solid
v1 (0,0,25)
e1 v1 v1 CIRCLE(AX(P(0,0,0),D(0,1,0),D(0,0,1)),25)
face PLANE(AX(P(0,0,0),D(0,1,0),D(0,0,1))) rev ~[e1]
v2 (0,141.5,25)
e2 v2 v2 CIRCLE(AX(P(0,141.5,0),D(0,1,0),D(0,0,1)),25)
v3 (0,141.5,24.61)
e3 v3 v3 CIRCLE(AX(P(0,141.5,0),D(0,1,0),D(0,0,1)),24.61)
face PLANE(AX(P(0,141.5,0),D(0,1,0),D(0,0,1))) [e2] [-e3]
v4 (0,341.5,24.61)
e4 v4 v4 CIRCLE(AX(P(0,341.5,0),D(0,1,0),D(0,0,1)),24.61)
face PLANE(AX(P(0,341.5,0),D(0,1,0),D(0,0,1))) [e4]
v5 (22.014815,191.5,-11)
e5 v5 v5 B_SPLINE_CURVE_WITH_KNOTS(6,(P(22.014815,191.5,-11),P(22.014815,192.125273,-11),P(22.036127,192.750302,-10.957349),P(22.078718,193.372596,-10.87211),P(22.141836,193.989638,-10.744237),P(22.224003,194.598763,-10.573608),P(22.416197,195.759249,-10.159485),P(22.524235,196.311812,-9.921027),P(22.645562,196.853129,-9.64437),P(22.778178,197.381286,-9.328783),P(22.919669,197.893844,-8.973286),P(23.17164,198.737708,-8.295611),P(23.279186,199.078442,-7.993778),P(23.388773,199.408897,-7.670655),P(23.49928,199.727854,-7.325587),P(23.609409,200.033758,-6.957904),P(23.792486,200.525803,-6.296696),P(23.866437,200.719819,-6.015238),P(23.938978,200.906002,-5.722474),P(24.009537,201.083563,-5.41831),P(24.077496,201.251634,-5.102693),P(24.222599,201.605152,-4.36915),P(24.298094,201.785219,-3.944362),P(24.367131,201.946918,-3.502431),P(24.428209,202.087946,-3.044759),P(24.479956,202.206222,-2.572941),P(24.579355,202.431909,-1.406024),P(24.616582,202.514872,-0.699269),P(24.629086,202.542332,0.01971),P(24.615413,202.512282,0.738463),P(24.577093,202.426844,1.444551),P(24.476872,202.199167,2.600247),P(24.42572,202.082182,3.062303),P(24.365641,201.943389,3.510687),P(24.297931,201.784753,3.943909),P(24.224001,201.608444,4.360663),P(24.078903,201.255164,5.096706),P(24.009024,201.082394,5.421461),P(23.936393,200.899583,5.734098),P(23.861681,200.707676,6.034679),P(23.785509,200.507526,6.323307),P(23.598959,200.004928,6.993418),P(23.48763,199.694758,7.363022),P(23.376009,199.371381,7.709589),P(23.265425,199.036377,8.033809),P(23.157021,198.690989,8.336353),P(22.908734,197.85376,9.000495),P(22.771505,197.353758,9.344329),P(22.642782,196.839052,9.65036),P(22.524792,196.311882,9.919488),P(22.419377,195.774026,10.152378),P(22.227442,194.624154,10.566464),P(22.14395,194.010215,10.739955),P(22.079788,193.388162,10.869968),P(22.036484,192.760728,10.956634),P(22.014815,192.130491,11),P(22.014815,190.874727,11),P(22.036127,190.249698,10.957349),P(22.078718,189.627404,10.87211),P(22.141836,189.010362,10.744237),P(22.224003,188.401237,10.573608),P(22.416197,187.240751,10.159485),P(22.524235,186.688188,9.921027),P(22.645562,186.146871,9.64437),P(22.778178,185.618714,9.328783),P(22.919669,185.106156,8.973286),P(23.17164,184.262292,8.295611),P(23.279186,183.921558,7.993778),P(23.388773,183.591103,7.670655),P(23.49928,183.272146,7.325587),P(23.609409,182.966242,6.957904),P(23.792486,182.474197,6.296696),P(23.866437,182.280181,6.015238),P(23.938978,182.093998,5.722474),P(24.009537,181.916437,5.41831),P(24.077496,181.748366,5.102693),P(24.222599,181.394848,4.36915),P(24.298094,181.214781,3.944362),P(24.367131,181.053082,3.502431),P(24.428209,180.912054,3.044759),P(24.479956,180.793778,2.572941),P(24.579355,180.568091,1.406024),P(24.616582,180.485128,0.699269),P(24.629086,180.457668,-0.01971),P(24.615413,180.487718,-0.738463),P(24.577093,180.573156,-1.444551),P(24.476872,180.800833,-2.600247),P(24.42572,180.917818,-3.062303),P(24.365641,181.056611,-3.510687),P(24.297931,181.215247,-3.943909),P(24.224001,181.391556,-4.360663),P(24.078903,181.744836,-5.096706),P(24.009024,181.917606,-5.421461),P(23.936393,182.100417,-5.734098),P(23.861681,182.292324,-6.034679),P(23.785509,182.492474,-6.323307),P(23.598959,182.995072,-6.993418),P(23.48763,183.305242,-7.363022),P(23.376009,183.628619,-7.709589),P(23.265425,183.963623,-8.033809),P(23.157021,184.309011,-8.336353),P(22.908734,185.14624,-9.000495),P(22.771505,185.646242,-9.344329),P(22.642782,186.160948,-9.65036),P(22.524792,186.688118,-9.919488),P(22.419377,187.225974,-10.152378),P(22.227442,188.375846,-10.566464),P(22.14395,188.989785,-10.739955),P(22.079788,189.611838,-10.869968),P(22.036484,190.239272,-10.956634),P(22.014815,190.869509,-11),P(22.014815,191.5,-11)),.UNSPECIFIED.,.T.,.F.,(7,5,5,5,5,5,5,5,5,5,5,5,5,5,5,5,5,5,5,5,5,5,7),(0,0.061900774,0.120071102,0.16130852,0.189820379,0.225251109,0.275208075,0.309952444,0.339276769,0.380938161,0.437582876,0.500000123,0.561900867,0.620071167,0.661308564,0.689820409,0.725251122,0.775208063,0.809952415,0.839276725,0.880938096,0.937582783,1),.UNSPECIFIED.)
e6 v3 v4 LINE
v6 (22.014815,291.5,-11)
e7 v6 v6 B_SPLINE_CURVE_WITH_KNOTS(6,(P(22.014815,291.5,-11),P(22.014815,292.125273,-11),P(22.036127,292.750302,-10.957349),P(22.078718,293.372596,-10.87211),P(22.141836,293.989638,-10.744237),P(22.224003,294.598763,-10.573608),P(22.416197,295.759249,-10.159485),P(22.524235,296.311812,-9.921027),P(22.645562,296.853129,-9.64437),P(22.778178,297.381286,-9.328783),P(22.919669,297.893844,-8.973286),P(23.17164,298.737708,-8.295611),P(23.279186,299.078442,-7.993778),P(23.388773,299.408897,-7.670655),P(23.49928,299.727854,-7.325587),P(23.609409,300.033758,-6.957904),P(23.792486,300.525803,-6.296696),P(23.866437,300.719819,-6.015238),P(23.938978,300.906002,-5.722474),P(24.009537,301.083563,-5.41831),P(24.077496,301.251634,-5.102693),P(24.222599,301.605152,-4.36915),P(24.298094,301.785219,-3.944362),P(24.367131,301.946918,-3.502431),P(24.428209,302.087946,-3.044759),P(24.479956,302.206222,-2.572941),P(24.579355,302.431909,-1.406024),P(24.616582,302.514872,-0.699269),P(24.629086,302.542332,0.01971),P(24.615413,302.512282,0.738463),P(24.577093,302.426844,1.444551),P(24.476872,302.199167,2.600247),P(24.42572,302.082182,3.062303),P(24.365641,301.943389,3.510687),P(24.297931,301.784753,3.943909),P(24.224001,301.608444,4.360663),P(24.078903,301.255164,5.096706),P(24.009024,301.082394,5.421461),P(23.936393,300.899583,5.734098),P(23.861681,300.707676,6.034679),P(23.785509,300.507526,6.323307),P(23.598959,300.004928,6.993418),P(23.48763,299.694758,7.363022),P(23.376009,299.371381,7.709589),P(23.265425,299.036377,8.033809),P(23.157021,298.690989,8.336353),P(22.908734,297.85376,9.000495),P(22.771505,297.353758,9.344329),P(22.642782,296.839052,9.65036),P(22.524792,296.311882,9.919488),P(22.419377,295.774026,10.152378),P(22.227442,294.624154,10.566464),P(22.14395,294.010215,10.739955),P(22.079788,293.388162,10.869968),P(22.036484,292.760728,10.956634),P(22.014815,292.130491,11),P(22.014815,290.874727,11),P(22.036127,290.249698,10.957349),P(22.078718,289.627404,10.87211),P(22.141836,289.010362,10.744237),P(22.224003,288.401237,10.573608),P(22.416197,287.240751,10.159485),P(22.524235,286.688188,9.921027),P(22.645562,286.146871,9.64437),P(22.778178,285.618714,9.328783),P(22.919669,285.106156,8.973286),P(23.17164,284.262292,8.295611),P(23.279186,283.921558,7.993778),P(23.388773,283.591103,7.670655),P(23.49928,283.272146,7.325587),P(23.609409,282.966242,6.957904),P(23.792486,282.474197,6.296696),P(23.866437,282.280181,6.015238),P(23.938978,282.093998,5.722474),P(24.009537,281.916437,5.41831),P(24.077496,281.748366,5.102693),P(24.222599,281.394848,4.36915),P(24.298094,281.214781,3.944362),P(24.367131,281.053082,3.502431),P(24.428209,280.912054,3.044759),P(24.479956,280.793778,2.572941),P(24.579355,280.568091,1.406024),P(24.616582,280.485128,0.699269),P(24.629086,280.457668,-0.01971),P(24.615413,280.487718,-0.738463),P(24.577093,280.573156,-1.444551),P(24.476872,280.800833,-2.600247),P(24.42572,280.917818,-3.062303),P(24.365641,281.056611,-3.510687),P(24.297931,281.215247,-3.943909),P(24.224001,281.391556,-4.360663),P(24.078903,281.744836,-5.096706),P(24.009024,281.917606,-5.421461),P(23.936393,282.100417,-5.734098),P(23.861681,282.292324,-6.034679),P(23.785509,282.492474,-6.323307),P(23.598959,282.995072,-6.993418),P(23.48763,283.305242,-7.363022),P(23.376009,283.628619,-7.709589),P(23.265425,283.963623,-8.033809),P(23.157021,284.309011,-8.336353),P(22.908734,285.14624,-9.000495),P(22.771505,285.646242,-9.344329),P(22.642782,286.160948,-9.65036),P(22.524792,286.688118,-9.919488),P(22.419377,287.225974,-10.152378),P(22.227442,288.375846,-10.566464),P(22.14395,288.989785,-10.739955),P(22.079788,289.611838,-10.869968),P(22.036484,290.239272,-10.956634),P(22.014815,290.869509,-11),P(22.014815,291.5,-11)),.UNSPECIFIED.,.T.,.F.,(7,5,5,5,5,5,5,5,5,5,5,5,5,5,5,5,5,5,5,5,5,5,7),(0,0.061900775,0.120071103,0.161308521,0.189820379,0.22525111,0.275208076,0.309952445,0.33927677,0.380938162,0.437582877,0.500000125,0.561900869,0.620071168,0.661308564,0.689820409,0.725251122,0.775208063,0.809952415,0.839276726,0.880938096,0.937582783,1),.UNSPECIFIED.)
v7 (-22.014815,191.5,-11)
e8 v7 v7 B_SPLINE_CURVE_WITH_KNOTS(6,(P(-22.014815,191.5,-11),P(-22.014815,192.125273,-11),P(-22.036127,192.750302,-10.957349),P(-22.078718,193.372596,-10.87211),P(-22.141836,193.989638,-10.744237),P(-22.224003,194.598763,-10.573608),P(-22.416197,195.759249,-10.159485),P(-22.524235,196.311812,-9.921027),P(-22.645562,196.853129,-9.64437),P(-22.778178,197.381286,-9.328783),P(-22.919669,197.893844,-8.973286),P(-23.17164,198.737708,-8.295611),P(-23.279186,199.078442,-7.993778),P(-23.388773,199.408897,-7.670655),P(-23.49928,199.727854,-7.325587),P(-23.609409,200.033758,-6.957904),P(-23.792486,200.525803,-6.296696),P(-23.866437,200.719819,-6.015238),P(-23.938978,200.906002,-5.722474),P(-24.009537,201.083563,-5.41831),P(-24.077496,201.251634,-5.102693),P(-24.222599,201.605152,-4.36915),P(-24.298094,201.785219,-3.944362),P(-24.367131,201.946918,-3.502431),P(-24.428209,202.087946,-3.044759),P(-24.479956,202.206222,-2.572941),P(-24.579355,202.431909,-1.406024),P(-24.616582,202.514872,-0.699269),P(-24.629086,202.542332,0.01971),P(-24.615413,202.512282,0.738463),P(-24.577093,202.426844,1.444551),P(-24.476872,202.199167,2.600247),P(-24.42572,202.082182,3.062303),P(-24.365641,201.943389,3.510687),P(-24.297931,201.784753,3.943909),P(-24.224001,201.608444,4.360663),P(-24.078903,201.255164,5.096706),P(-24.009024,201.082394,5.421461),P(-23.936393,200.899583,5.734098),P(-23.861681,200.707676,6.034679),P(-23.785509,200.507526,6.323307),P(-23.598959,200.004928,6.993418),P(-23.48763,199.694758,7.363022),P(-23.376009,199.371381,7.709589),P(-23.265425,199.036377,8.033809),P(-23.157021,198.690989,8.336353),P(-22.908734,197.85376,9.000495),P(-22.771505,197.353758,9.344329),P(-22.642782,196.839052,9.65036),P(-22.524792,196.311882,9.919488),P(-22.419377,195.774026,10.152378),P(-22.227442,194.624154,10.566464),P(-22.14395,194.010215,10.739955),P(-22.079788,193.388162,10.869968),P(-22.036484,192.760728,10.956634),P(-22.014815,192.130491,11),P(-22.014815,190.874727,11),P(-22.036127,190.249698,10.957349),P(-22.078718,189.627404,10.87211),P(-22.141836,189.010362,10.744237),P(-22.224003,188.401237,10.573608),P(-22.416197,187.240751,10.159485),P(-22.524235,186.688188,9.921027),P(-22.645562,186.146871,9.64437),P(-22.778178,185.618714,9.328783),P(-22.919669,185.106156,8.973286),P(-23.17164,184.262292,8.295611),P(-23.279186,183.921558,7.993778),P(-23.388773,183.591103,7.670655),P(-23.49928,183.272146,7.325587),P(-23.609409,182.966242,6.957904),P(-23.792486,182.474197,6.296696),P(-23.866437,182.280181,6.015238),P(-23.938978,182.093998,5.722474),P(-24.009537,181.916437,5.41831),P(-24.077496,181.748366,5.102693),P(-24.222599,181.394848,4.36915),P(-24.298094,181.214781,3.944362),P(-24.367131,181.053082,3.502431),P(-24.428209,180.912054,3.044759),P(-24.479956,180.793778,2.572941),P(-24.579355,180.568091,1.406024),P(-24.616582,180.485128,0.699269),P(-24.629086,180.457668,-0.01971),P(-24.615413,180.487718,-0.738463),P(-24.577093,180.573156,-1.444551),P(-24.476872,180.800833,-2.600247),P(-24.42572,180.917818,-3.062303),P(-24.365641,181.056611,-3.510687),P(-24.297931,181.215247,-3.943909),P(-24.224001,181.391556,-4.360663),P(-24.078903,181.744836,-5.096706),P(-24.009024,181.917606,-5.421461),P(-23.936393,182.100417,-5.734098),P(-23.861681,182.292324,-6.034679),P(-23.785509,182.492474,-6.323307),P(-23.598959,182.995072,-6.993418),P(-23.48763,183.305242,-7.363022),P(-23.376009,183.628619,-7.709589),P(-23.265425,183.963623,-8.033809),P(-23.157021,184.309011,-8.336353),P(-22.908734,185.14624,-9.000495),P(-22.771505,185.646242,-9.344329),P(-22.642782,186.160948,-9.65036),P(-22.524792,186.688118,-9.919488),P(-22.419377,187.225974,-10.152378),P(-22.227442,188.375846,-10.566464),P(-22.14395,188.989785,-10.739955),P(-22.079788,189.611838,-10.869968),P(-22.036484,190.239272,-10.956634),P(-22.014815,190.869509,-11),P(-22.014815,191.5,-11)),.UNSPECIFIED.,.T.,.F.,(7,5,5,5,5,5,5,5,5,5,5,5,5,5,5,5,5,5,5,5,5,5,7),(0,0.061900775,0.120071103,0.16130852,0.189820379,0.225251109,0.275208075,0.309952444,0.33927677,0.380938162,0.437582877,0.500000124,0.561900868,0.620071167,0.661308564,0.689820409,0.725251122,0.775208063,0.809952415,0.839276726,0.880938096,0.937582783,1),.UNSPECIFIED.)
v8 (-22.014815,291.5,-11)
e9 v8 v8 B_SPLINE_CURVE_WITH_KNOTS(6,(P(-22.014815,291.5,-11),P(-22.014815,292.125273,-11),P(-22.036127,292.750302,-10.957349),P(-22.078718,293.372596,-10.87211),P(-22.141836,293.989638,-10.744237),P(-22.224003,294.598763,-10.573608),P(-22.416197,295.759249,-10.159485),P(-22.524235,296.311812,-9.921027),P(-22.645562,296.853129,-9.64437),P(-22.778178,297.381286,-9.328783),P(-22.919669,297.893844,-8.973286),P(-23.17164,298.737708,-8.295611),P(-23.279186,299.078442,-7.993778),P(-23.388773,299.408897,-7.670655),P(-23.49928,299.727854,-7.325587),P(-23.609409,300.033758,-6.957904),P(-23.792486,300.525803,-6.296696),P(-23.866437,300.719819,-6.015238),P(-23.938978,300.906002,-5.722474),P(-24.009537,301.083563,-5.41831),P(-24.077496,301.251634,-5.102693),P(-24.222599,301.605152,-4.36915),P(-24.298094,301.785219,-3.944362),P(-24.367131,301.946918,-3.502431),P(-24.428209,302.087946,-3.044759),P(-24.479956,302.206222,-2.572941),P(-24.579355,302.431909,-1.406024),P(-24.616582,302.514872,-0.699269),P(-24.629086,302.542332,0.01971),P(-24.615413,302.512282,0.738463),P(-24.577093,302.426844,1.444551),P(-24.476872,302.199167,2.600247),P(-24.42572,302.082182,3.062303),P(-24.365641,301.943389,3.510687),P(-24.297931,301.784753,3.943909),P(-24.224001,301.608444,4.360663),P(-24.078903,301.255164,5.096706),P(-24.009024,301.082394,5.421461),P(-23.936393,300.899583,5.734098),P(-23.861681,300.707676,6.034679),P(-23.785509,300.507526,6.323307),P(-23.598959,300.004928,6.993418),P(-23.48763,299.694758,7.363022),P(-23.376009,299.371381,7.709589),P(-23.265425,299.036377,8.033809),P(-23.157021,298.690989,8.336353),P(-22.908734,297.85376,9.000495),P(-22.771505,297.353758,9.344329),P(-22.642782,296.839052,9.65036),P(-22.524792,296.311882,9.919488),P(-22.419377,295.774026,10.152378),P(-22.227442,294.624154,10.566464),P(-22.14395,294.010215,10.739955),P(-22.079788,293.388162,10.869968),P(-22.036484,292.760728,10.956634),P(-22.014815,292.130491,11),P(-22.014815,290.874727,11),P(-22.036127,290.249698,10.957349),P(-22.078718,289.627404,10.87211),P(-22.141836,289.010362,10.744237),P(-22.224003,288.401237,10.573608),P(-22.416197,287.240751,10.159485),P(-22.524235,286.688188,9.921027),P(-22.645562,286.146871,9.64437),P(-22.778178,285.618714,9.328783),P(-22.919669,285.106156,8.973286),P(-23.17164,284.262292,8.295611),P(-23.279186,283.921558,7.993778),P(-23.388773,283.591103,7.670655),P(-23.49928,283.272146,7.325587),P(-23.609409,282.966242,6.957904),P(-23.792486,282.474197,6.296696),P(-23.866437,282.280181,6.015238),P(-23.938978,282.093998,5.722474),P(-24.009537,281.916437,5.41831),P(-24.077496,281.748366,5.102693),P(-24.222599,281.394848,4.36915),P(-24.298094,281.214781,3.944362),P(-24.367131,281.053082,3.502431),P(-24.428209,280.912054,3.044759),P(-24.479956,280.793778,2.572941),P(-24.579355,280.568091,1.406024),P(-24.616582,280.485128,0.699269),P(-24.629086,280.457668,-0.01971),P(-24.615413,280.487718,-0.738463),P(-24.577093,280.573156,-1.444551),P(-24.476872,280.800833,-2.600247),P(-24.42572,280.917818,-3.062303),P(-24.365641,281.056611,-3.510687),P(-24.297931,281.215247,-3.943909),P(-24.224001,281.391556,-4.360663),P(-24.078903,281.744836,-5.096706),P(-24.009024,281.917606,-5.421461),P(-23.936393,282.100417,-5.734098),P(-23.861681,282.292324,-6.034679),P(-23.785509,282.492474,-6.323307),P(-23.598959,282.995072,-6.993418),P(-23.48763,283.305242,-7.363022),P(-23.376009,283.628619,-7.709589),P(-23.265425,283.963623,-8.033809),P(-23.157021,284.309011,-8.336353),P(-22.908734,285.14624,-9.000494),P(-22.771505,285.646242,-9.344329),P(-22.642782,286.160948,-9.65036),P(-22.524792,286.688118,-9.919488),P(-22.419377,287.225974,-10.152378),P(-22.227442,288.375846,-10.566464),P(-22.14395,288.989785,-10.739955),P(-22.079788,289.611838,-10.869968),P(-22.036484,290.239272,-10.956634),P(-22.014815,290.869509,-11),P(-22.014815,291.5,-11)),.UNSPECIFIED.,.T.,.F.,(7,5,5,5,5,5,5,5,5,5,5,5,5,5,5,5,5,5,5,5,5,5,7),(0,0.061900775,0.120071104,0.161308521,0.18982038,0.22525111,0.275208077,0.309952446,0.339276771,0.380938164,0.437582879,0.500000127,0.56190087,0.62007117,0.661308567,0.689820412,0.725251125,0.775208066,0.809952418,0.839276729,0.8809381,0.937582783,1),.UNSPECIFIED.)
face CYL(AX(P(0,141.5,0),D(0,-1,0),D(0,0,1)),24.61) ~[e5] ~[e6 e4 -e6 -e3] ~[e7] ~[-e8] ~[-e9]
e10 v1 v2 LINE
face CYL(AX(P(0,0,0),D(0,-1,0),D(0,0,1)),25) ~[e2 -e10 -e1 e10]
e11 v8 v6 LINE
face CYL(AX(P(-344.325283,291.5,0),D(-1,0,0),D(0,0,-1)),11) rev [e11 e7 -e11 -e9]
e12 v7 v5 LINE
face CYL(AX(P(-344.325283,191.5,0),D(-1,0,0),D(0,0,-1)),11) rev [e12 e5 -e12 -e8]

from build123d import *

# Parameters (mm, degrees)
SKETCH1_R               = 25
BOSS_EXTRUDE1_DEPTH     = 141.5
SKETCH2_R               = 24.61
BOSS_EXTRUDE2_DEPTH     = 200
CUT_EXTRUDE1_DEPTH      = 344.325283077
CUT_EXTRUDE1_DEPTH_BACK = 344.325283077
SKETCH3_R               = 11


with BuildPart() as part:
    # Sketch1 → Boss-Extrude1 (new body)
    with BuildSketch(Plane(origin=(0, 0, 0), x_dir=(1, 0, 0), z_dir=(0, 1, 0))):
        with Locations(Location((0, 0, 0), (0, 0, 270))):
            Circle(SKETCH1_R)
    extrude(amount=BOSS_EXTRUDE1_DEPTH)

    # Sketch2 → Boss-Extrude2 (add)
    with BuildSketch(Plane(origin=(0, 141.5, 0), x_dir=(1, 0, 0), z_dir=(0, 1, 0))):
        with Locations(Location((0, 0, 0), (0, 0, 270))):
            Circle(SKETCH2_R)
    extrude(amount=BOSS_EXTRUDE2_DEPTH)

    # Sketch3 → Cut-Extrude1 (cut, two sides: drawn at the far end of the back side and taken through both)
    with BuildSketch(Plane(origin=(0, 0, 0), x_dir=(0, 0, -1), z_dir=(1, 0, 0)).offset(-CUT_EXTRUDE1_DEPTH_BACK)):
        with Locations((0, 191.5)):
            Circle(SKETCH3_R)
        with Locations((0, 291.5)):
            Circle(SKETCH3_R)
    extrude(amount=CUT_EXTRUDE1_DEPTH + CUT_EXTRUDE1_DEPTH_BACK, mode=Mode.SUBTRACT)


solid = part.part
